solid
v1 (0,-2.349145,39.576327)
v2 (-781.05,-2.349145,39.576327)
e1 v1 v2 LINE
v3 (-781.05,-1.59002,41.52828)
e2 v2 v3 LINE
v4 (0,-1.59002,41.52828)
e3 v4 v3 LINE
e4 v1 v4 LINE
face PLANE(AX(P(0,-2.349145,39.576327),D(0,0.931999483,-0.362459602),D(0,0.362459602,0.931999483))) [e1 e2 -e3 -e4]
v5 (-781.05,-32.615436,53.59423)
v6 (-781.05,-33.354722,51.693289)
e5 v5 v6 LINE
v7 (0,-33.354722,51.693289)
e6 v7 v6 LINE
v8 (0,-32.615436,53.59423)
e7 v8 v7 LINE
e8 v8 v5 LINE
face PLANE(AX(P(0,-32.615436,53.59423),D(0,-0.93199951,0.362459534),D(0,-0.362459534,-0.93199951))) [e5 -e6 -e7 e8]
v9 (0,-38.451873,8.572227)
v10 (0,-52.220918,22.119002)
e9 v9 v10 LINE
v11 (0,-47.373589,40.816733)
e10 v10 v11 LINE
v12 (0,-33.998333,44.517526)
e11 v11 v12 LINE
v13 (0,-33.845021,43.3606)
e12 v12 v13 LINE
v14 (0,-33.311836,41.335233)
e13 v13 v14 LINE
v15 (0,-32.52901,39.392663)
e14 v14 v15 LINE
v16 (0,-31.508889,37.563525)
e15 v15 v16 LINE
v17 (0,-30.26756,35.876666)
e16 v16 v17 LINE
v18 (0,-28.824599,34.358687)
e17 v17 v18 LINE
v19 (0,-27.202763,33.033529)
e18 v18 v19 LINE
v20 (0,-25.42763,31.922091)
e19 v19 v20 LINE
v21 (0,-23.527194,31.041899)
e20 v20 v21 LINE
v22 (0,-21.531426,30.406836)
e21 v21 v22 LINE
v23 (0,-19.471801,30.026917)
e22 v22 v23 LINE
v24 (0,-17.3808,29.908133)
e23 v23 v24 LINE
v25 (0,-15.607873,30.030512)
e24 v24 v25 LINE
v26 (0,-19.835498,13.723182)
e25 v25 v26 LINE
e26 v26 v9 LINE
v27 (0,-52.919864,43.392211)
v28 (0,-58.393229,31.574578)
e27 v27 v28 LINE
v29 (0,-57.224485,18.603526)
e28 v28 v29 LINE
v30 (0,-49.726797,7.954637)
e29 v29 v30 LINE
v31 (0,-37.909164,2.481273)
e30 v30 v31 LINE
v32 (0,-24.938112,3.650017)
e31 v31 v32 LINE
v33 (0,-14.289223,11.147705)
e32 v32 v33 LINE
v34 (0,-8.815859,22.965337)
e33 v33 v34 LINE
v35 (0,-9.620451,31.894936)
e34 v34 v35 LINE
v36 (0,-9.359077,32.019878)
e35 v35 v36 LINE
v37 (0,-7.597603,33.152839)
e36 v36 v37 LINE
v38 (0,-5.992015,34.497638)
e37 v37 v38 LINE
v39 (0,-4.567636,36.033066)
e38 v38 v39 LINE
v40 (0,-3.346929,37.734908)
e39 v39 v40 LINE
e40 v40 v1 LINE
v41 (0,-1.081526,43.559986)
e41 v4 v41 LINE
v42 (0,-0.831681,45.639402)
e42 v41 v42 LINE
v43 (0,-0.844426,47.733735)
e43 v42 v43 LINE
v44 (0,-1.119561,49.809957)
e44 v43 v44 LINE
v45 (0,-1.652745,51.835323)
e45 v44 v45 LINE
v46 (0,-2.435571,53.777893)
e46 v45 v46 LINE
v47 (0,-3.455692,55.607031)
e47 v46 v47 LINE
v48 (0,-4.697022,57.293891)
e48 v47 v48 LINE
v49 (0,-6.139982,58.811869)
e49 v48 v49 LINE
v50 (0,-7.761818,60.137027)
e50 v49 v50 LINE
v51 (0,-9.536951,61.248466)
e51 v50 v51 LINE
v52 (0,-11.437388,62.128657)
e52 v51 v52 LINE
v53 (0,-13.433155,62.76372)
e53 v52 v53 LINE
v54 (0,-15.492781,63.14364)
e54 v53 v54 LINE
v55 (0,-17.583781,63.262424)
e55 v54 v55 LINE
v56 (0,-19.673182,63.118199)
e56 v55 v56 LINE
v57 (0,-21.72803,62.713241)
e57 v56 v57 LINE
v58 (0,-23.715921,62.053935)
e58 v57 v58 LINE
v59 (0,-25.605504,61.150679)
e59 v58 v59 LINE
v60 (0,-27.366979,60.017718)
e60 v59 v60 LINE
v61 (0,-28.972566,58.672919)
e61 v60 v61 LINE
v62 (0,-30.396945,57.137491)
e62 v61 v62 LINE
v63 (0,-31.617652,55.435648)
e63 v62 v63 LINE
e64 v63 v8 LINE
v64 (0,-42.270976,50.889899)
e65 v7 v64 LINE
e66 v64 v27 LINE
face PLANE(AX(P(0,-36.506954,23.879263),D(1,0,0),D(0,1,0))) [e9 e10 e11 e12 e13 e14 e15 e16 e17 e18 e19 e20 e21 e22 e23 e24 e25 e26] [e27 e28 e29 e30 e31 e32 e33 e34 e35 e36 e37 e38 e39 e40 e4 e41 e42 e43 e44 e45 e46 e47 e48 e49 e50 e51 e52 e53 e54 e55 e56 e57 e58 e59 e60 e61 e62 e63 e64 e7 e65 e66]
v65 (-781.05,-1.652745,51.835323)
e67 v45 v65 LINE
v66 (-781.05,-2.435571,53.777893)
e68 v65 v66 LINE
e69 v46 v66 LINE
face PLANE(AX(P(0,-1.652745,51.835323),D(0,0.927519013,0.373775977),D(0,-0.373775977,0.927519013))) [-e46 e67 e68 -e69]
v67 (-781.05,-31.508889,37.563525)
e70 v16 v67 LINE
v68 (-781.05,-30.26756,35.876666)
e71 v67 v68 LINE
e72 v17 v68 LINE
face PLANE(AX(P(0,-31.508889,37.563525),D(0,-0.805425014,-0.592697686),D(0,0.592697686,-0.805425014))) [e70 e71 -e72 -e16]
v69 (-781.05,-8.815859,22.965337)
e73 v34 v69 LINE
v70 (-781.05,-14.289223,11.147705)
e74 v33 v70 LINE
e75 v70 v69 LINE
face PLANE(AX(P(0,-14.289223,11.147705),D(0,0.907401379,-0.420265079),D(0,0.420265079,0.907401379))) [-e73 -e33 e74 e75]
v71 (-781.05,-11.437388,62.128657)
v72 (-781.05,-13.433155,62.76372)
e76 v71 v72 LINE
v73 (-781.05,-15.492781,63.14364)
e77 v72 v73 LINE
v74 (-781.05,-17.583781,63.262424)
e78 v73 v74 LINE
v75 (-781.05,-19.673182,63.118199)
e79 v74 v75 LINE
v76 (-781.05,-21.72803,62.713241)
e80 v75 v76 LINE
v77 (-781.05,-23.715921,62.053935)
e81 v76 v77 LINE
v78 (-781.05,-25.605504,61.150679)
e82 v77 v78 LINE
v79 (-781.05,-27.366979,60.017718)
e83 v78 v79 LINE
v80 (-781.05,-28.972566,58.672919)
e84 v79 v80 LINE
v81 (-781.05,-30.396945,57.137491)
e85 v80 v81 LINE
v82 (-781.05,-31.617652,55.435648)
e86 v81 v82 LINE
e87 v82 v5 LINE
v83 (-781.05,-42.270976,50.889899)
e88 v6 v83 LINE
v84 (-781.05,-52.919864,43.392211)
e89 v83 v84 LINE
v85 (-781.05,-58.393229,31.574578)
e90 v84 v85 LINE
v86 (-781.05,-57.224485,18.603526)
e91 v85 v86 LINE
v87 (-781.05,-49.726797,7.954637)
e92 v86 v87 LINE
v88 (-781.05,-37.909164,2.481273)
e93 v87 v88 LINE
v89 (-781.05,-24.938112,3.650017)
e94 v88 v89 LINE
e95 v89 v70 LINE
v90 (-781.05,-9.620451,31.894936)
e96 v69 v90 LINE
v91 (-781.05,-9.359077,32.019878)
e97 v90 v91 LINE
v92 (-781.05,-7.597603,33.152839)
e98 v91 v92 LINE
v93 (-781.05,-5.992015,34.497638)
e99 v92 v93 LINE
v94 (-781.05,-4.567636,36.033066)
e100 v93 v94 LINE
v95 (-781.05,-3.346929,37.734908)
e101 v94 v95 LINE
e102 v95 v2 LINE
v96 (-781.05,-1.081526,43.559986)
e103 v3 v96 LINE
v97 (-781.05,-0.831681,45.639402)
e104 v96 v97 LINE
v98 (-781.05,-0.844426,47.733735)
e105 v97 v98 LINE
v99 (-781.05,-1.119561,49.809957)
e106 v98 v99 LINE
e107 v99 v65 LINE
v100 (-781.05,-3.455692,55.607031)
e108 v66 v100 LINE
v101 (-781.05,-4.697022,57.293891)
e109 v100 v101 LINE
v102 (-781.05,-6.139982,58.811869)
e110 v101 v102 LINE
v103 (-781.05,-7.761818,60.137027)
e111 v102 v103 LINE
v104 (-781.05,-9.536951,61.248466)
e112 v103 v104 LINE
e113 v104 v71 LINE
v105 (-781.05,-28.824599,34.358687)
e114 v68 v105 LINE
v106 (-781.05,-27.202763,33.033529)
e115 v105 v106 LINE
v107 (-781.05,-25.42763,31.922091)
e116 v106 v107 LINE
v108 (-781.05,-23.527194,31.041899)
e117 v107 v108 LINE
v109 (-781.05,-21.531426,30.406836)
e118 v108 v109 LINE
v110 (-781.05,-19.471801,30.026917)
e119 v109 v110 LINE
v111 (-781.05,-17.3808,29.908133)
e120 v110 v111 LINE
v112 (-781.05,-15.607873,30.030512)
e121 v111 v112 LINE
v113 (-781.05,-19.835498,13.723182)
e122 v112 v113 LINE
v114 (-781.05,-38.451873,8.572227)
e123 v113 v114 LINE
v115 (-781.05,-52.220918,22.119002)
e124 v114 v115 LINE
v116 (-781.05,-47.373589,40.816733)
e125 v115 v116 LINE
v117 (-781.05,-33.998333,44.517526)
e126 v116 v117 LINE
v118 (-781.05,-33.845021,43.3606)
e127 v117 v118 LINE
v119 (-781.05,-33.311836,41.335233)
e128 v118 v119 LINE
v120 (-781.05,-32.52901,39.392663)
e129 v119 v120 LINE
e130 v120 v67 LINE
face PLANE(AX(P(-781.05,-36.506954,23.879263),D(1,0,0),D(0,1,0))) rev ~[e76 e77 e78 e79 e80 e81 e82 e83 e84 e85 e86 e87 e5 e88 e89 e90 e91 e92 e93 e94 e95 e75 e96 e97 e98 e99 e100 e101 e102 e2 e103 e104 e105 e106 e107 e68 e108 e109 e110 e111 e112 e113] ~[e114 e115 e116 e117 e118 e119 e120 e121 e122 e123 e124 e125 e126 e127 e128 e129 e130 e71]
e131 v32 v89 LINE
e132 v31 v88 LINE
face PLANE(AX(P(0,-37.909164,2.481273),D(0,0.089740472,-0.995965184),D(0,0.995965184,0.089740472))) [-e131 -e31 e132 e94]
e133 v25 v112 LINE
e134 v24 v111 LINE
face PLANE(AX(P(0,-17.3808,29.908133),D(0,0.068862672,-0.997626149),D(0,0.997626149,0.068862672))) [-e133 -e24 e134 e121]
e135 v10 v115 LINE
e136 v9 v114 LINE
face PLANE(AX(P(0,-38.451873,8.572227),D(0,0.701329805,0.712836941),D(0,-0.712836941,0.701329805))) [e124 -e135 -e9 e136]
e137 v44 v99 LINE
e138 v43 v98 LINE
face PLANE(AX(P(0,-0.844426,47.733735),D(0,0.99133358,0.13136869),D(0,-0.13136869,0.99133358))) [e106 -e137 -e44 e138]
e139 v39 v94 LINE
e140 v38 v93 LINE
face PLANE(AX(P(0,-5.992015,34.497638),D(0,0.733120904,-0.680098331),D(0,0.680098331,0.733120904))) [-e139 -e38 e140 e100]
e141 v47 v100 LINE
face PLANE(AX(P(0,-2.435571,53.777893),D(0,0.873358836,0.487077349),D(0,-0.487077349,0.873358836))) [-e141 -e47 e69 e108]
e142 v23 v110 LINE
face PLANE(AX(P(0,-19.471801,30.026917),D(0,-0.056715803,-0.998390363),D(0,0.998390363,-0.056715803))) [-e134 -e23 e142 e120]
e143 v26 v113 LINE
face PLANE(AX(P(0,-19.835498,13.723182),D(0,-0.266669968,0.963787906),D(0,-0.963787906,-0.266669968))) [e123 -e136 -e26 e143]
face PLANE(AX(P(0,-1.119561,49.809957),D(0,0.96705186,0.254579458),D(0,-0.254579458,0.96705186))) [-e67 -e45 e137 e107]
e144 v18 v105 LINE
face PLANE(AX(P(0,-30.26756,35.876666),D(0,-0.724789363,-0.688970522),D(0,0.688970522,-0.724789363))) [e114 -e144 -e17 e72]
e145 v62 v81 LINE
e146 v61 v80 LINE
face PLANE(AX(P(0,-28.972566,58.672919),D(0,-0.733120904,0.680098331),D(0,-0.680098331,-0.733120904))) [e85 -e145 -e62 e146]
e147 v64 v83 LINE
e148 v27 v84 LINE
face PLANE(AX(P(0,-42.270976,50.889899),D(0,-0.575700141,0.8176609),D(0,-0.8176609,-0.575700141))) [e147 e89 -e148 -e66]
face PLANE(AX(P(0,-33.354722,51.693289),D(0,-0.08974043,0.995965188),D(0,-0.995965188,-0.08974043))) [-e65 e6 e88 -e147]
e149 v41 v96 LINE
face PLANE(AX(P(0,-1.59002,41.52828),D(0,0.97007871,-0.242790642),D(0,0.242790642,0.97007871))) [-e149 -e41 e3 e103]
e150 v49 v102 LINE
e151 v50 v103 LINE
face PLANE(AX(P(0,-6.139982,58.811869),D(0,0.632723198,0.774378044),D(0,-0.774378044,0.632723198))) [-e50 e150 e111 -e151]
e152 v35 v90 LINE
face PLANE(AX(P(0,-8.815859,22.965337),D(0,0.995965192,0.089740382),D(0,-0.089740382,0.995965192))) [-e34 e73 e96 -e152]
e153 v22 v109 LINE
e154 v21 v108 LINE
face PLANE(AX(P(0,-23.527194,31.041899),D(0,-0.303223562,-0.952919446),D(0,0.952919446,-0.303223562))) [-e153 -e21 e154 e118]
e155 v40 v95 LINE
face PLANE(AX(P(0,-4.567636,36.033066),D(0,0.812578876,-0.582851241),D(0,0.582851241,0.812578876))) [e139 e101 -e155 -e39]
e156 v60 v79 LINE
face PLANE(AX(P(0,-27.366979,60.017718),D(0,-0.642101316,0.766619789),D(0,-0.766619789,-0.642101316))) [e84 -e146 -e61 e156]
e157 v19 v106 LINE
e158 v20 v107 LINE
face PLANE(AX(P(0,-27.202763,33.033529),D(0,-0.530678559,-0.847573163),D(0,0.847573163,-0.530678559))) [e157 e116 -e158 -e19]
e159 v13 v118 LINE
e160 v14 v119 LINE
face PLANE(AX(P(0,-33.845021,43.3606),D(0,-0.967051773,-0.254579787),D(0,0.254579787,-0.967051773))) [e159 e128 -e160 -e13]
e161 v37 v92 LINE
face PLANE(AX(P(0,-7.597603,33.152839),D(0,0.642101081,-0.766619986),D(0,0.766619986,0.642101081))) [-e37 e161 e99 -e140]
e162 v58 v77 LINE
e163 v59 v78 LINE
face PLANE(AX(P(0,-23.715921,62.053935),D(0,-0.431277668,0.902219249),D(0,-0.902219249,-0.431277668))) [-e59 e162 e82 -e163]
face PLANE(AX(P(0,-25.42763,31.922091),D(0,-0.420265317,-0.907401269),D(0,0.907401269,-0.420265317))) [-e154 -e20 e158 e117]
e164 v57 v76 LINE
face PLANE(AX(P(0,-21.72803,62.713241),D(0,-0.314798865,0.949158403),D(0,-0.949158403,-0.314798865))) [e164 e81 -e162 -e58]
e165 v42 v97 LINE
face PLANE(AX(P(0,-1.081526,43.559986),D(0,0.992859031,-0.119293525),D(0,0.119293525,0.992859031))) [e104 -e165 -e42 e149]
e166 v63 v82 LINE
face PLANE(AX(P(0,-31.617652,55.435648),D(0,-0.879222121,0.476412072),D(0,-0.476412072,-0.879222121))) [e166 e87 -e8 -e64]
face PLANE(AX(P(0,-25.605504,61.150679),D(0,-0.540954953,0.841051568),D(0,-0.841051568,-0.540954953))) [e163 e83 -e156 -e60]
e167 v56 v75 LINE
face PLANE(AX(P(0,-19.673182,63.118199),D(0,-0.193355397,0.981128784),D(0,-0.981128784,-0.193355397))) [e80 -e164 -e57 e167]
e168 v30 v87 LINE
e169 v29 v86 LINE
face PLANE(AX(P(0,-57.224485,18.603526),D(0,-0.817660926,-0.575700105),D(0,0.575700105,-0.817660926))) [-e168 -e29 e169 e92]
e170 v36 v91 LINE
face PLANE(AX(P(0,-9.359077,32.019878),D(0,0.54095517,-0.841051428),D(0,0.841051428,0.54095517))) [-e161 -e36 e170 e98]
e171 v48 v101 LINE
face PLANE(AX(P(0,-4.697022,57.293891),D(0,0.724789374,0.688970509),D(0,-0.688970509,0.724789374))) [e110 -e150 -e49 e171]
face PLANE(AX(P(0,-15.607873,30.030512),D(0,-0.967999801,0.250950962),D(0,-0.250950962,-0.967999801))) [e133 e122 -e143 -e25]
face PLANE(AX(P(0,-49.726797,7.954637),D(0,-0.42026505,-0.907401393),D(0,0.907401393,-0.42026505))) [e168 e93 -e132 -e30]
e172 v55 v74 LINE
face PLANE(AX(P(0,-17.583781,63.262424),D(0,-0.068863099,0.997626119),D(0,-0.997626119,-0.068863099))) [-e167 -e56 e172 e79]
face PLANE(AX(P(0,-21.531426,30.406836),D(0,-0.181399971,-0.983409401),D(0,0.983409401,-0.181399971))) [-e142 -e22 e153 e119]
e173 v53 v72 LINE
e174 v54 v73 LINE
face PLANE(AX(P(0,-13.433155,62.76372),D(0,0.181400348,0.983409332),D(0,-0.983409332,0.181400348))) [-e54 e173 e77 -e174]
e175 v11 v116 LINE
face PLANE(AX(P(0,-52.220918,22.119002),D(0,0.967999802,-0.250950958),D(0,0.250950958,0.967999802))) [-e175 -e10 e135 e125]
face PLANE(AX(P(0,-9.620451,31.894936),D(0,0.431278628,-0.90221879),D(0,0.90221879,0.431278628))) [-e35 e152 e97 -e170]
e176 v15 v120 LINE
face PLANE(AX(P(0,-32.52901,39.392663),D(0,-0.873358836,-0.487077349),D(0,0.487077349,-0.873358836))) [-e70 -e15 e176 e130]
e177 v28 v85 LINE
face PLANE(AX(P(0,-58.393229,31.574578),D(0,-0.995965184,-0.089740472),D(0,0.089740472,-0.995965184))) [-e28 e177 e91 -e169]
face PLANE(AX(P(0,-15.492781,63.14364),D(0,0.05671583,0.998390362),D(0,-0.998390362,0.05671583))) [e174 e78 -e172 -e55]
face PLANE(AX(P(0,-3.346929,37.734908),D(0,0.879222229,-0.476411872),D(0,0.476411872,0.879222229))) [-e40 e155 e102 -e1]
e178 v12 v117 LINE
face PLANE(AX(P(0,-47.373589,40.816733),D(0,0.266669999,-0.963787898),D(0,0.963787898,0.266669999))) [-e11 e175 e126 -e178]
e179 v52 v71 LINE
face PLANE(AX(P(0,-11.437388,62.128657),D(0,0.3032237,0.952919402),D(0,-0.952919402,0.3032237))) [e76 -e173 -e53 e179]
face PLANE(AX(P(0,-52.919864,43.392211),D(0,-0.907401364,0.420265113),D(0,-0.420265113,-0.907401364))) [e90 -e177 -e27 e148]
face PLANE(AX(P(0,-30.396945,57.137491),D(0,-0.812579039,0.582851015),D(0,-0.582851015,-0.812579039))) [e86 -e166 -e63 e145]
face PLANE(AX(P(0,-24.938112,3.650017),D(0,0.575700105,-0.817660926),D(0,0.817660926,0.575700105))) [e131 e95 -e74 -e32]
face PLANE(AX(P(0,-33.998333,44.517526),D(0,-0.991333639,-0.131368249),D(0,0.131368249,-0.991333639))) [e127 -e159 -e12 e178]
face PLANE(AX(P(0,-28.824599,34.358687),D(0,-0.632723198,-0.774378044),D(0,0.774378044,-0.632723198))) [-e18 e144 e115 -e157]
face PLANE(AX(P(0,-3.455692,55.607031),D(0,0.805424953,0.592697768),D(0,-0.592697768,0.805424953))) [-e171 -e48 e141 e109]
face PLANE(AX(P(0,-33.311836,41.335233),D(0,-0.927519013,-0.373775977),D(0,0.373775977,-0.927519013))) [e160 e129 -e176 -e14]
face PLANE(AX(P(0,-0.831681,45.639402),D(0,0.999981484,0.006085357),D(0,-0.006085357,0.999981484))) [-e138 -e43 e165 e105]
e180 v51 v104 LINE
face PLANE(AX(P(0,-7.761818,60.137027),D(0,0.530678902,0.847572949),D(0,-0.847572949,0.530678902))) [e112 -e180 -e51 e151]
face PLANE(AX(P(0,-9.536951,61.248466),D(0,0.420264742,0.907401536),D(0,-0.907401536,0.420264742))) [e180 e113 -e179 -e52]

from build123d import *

# Parameters (mm, degrees)
F1_DEPTH = 781.05


with BuildPart() as f1:
    # F0 (on Right) → F1 (new body)
    with BuildSketch(Plane.YZ):
        Polygon((-57.224485, 18.603526), (-49.726797, 7.954637), (-37.909164, 2.481273), (-24.938112, 3.650017), (-14.289223, 11.147705), (-8.815859, 22.965337), (-9.620451, 31.894936), (-11.24866, 31.116622), (-13.236551, 30.457316), (-15.291399, 30.052357), (-15.607873, 30.030512), (-19.835498, 13.723182), (-38.451873, 8.572227), (-52.220918, 22.119002), (-47.373589, 40.816733), (-33.998333, 44.517526), (-34.120155, 45.436821), (-34.1329, 47.531154), (-33.883056, 49.610571), (-33.374561, 51.642276), (-33.354722, 51.693289), (-42.270976, 50.889899), (-52.919864, 43.392211), (-58.393229, 31.574578), align=None)
        Polygon((-17.3808, 29.908133), (-15.607873, 30.030512), (-14.988169, 32.420913), (-28.757215, 45.967688), (-33.998333, 44.517526), (-33.845021, 43.3606), (-33.311836, 41.335233), (-32.52901, 39.392663), (-31.508889, 37.563525), (-30.26756, 35.876666), (-28.824599, 34.358687), (-27.202763, 33.033529), (-25.42763, 31.922091), (-23.527194, 31.041899), (-21.531426, 30.406836), (-19.471801, 30.026917), align=None)
        Polygon((-32.615436, 53.59423), (-33.354722, 51.693289), (-29.299923, 52.058643), (-17.482291, 46.585278), (-9.984603, 35.936389), (-9.620451, 31.894936), (-9.359077, 32.019878), (-7.597603, 33.152839), (-5.992015, 34.497638), (-4.567636, 36.033066), (-3.346929, 37.734908), (-2.349145, 39.576327), (-1.59002, 41.52828), (-1.081526, 43.559986), (-0.831681, 45.639402), (-0.844426, 47.733735), (-1.119561, 49.809957), (-1.652745, 51.835323), (-2.435571, 53.777893), (-3.455692, 55.607031), (-4.697022, 57.293891), (-6.139982, 58.811869), (-7.761818, 60.137027), (-9.536951, 61.248466), (-11.437388, 62.128657), (-13.433155, 62.76372), (-15.492781, 63.14364), (-17.583781, 63.262424), (-19.673182, 63.118199), (-21.72803, 62.713241), (-23.715921, 62.053935), (-25.605504, 61.150679), (-27.366979, 60.017718), (-28.972566, 58.672919), (-30.396945, 57.137491), (-31.617652, 55.435648), align=None)
        Polygon((-29.299923, 52.058643), (-33.354722, 51.693289), (-33.374561, 51.642276), (-33.883056, 49.610571), (-34.1329, 47.531154), (-34.120155, 45.436821), (-33.998333, 44.517526), (-28.757215, 45.967688), (-14.988169, 32.420913), (-15.607873, 30.030512), (-15.291399, 30.052357), (-13.236551, 30.457316), (-11.24866, 31.116622), (-9.620451, 31.894936), (-9.984603, 35.936389), (-17.482291, 46.585278), align=None)
    extrude(amount=-F1_DEPTH)


solid = f1.part
